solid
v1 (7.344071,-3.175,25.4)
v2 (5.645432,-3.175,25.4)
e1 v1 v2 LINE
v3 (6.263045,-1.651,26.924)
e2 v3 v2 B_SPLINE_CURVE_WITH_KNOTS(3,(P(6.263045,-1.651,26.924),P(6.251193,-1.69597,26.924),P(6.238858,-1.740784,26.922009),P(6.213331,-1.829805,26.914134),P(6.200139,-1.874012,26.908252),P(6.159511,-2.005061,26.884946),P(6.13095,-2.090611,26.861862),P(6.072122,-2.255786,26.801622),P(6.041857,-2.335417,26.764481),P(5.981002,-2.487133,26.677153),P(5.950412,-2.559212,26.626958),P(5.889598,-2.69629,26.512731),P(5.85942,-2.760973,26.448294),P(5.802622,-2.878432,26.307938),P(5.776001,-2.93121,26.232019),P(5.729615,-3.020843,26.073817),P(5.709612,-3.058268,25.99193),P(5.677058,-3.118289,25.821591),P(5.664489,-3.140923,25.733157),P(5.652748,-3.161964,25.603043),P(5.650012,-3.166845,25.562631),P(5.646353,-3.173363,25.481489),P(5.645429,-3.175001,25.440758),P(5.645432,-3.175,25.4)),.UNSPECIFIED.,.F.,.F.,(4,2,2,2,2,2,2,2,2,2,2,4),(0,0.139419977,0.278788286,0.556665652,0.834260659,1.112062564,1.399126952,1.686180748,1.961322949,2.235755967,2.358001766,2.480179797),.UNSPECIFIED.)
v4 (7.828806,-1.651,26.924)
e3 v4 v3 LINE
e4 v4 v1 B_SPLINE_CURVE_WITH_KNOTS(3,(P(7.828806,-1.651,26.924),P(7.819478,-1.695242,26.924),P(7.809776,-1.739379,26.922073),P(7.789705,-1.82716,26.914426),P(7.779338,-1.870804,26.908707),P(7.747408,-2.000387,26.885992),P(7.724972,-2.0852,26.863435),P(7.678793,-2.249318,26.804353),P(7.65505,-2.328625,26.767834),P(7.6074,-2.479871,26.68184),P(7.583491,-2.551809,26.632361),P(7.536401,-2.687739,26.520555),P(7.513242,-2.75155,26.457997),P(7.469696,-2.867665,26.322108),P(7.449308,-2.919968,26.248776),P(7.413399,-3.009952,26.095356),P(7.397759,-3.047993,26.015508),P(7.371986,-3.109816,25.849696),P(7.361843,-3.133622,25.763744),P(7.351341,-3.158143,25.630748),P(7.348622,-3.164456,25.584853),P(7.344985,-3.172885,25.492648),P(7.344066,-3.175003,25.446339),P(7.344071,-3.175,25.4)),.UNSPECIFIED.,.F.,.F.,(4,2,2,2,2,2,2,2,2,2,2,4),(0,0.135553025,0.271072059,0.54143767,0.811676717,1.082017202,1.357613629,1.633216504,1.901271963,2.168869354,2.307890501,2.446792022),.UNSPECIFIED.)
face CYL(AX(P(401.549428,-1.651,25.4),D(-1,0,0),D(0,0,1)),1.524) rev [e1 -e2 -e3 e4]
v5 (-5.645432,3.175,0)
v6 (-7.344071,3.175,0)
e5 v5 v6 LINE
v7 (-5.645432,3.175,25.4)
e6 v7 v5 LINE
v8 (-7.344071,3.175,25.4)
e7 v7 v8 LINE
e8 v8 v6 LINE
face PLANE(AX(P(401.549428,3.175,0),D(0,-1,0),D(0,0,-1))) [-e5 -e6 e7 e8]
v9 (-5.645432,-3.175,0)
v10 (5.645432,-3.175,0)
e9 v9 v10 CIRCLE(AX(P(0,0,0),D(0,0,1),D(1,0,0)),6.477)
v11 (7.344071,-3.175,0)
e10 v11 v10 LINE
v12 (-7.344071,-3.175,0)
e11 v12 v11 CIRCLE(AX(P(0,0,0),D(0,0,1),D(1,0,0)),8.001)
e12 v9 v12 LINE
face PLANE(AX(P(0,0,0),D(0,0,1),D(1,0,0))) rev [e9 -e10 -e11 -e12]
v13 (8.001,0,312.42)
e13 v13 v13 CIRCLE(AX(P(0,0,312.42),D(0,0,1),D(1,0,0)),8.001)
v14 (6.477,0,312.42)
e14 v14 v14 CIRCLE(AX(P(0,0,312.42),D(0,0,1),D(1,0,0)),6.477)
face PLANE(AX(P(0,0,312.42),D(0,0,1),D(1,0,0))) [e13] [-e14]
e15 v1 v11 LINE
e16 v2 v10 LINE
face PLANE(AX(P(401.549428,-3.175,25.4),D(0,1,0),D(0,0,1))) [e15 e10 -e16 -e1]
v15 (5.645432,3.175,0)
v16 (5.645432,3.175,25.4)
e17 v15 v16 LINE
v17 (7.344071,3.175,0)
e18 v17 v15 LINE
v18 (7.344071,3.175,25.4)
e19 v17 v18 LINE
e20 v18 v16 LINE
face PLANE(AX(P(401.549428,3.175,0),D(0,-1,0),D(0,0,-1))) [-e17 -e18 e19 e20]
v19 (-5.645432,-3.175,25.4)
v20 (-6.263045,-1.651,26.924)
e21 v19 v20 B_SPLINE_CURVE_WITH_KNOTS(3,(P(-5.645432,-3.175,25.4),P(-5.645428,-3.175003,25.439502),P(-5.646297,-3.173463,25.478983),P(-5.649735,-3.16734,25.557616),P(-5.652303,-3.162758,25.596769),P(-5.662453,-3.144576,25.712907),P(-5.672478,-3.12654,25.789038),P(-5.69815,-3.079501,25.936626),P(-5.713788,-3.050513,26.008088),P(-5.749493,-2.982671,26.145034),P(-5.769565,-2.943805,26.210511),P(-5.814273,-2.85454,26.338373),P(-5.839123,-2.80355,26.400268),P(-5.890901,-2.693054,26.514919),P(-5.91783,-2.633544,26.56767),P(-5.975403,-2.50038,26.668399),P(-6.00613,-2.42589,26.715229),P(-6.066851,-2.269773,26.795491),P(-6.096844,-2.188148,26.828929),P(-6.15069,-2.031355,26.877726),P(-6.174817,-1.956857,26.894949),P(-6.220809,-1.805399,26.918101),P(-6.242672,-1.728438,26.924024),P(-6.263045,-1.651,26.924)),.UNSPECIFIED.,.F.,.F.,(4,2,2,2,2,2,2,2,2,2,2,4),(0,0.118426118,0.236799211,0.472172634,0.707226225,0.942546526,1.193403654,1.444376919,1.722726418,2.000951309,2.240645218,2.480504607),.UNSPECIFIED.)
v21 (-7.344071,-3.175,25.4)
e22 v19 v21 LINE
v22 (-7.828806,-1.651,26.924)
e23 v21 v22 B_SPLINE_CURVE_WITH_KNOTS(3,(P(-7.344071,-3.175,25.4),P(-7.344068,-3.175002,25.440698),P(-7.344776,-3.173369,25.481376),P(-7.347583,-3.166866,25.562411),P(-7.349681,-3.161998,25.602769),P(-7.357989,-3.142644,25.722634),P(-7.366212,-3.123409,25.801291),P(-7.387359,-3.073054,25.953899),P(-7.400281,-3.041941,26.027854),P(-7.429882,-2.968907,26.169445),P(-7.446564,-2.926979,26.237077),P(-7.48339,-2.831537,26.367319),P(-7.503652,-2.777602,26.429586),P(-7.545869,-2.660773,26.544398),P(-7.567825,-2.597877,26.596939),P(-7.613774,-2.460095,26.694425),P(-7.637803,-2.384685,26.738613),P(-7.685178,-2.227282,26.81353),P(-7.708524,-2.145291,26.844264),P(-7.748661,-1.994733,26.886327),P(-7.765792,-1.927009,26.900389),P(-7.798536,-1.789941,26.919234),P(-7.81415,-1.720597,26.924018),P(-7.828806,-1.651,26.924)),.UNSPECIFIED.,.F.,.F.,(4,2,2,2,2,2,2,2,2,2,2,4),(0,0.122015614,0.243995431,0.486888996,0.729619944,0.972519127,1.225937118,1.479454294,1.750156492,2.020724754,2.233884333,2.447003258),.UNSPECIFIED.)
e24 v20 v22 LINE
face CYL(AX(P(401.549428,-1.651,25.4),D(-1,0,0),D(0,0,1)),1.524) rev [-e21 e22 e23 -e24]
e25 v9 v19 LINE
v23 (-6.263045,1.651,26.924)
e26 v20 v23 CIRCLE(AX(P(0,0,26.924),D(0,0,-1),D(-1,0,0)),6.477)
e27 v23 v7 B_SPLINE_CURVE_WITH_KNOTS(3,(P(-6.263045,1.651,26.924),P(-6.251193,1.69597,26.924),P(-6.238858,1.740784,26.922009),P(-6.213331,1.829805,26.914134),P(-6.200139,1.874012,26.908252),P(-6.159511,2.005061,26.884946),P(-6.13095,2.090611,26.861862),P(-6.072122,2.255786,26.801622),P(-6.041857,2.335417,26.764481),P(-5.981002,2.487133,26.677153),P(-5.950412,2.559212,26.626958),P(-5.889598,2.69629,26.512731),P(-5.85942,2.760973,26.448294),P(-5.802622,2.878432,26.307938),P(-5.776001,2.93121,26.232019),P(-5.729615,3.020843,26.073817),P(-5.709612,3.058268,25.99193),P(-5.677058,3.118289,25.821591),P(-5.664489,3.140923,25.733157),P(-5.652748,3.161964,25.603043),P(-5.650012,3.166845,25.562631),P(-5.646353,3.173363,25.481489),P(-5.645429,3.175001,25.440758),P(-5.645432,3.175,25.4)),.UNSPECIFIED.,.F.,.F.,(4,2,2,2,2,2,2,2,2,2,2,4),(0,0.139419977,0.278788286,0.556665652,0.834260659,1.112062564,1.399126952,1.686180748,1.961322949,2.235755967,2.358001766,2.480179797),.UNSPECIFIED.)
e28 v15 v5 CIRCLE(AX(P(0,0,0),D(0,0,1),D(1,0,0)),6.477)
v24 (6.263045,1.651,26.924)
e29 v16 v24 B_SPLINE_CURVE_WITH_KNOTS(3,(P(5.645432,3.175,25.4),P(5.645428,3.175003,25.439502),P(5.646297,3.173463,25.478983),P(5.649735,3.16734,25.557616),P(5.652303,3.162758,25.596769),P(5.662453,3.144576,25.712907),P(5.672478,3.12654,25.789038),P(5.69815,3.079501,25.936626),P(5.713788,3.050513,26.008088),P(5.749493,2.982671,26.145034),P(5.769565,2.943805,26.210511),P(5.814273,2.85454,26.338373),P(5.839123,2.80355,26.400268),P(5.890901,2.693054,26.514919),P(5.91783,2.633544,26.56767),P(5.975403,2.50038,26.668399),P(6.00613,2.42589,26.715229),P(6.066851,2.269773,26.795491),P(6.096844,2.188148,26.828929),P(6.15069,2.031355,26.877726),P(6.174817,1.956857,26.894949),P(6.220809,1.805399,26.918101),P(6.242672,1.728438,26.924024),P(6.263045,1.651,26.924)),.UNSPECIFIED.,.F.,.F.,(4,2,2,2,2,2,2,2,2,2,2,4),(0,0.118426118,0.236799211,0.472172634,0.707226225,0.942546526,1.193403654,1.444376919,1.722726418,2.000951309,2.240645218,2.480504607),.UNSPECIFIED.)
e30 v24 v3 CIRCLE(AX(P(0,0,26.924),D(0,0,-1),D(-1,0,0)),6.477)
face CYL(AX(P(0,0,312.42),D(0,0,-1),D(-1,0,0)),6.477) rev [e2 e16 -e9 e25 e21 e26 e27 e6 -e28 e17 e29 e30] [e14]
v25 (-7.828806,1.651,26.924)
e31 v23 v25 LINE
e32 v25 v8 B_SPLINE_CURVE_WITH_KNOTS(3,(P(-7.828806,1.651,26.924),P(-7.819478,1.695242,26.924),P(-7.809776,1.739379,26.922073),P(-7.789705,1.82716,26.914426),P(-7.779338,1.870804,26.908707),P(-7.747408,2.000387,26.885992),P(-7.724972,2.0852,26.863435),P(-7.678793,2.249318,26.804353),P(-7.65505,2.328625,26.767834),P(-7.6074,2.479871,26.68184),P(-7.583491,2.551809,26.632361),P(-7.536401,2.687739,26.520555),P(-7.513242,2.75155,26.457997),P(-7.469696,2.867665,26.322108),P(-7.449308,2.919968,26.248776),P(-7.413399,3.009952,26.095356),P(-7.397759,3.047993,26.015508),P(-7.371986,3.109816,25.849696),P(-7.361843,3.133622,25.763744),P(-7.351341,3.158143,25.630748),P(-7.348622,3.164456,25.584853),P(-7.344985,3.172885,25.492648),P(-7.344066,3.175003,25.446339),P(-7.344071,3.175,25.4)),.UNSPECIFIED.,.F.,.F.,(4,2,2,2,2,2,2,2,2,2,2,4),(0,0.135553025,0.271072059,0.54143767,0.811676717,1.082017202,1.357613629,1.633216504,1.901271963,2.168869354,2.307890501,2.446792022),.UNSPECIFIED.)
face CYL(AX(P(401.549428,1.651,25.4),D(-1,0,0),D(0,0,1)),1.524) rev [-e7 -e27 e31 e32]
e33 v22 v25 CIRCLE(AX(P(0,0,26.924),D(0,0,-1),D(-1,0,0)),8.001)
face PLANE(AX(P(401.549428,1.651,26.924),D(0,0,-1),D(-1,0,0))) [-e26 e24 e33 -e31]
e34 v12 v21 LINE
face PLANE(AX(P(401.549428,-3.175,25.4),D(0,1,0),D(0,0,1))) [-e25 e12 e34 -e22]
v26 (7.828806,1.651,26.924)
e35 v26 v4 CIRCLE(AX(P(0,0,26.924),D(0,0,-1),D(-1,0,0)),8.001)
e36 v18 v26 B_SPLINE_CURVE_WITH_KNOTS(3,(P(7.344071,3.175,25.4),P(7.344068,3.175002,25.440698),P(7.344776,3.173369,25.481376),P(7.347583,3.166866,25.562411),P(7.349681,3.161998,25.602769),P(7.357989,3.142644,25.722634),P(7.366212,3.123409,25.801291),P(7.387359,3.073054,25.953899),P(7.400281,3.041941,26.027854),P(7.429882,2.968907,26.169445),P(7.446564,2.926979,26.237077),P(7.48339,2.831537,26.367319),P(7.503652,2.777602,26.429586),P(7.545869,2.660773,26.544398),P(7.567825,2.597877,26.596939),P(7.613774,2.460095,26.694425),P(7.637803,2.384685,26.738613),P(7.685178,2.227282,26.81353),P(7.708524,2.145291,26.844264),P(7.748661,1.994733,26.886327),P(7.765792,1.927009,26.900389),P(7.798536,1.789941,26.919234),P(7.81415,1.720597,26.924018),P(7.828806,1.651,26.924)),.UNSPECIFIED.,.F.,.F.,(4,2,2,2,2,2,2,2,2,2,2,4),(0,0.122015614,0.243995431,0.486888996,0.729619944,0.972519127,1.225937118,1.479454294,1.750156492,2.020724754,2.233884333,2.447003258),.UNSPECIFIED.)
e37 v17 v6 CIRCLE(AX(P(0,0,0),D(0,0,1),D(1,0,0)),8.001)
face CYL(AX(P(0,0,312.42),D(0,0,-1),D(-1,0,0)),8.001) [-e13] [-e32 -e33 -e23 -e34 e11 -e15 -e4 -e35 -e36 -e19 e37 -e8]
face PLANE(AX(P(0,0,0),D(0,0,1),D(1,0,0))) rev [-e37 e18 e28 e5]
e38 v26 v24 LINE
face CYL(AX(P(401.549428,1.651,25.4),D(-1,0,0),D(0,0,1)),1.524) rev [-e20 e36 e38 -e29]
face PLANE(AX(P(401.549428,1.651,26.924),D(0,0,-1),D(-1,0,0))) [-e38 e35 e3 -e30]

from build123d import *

# Parameters (mm, degrees)
SKETCH1_R               = 8.001
SKETCH1_R_2             = 6.477
BOSS_EXTRUDE1_DEPTH     = 312.42
CUT_EXTRUDE2_DEPTH      = 9.001
CUT_EXTRUDE2_DEPTH_BACK = 9.001


with BuildPart() as part:
    # Sketch1 → Boss-Extrude1 (new body)
    with BuildSketch(Plane.XY):
        Circle(SKETCH1_R)
        Circle(SKETCH1_R_2, mode=Mode.SUBTRACT)
    extrude(amount=BOSS_EXTRUDE1_DEPTH)

    # Sketch2 → Cut-Extrude2 (cut, two sides)
    with BuildSketch(Plane(origin=(0, 0, 0), x_dir=(0, 0, -1), z_dir=(1, 0, 0))) as cut_extrude2_sk:
        with BuildLine():
            Line((635.239664052, 3.175), (0, 3.175))
            Line((0, 3.175), (-25.4, 3.175))
            ThreePointArc((-25.4, 3.175), (-26.477630735, 2.728630735), (-26.924, 1.651))
            Line((-26.924, 1.651), (-26.924, -1.651))
            ThreePointArc((-26.924, -1.651), (-26.477630735, -2.728630735), (-25.4, -3.175))
            Line((-25.4, -3.175), (0, -3.175))
            Line((0, -3.175), (635.239664052, -3.175))
            Line((635.239664052, -3.175), (1905.718992156, -3.175))
            Line((1905.718992156, -3.175), (1905.718992156, 3.175))
            Line((1905.718992156, 3.175), (635.239664052, 3.175))
        make_face()
    extrude(amount=CUT_EXTRUDE2_DEPTH, mode=Mode.SUBTRACT)
    extrude(cut_extrude2_sk.sketch, amount=-CUT_EXTRUDE2_DEPTH_BACK, mode=Mode.SUBTRACT)


solid = part.part
